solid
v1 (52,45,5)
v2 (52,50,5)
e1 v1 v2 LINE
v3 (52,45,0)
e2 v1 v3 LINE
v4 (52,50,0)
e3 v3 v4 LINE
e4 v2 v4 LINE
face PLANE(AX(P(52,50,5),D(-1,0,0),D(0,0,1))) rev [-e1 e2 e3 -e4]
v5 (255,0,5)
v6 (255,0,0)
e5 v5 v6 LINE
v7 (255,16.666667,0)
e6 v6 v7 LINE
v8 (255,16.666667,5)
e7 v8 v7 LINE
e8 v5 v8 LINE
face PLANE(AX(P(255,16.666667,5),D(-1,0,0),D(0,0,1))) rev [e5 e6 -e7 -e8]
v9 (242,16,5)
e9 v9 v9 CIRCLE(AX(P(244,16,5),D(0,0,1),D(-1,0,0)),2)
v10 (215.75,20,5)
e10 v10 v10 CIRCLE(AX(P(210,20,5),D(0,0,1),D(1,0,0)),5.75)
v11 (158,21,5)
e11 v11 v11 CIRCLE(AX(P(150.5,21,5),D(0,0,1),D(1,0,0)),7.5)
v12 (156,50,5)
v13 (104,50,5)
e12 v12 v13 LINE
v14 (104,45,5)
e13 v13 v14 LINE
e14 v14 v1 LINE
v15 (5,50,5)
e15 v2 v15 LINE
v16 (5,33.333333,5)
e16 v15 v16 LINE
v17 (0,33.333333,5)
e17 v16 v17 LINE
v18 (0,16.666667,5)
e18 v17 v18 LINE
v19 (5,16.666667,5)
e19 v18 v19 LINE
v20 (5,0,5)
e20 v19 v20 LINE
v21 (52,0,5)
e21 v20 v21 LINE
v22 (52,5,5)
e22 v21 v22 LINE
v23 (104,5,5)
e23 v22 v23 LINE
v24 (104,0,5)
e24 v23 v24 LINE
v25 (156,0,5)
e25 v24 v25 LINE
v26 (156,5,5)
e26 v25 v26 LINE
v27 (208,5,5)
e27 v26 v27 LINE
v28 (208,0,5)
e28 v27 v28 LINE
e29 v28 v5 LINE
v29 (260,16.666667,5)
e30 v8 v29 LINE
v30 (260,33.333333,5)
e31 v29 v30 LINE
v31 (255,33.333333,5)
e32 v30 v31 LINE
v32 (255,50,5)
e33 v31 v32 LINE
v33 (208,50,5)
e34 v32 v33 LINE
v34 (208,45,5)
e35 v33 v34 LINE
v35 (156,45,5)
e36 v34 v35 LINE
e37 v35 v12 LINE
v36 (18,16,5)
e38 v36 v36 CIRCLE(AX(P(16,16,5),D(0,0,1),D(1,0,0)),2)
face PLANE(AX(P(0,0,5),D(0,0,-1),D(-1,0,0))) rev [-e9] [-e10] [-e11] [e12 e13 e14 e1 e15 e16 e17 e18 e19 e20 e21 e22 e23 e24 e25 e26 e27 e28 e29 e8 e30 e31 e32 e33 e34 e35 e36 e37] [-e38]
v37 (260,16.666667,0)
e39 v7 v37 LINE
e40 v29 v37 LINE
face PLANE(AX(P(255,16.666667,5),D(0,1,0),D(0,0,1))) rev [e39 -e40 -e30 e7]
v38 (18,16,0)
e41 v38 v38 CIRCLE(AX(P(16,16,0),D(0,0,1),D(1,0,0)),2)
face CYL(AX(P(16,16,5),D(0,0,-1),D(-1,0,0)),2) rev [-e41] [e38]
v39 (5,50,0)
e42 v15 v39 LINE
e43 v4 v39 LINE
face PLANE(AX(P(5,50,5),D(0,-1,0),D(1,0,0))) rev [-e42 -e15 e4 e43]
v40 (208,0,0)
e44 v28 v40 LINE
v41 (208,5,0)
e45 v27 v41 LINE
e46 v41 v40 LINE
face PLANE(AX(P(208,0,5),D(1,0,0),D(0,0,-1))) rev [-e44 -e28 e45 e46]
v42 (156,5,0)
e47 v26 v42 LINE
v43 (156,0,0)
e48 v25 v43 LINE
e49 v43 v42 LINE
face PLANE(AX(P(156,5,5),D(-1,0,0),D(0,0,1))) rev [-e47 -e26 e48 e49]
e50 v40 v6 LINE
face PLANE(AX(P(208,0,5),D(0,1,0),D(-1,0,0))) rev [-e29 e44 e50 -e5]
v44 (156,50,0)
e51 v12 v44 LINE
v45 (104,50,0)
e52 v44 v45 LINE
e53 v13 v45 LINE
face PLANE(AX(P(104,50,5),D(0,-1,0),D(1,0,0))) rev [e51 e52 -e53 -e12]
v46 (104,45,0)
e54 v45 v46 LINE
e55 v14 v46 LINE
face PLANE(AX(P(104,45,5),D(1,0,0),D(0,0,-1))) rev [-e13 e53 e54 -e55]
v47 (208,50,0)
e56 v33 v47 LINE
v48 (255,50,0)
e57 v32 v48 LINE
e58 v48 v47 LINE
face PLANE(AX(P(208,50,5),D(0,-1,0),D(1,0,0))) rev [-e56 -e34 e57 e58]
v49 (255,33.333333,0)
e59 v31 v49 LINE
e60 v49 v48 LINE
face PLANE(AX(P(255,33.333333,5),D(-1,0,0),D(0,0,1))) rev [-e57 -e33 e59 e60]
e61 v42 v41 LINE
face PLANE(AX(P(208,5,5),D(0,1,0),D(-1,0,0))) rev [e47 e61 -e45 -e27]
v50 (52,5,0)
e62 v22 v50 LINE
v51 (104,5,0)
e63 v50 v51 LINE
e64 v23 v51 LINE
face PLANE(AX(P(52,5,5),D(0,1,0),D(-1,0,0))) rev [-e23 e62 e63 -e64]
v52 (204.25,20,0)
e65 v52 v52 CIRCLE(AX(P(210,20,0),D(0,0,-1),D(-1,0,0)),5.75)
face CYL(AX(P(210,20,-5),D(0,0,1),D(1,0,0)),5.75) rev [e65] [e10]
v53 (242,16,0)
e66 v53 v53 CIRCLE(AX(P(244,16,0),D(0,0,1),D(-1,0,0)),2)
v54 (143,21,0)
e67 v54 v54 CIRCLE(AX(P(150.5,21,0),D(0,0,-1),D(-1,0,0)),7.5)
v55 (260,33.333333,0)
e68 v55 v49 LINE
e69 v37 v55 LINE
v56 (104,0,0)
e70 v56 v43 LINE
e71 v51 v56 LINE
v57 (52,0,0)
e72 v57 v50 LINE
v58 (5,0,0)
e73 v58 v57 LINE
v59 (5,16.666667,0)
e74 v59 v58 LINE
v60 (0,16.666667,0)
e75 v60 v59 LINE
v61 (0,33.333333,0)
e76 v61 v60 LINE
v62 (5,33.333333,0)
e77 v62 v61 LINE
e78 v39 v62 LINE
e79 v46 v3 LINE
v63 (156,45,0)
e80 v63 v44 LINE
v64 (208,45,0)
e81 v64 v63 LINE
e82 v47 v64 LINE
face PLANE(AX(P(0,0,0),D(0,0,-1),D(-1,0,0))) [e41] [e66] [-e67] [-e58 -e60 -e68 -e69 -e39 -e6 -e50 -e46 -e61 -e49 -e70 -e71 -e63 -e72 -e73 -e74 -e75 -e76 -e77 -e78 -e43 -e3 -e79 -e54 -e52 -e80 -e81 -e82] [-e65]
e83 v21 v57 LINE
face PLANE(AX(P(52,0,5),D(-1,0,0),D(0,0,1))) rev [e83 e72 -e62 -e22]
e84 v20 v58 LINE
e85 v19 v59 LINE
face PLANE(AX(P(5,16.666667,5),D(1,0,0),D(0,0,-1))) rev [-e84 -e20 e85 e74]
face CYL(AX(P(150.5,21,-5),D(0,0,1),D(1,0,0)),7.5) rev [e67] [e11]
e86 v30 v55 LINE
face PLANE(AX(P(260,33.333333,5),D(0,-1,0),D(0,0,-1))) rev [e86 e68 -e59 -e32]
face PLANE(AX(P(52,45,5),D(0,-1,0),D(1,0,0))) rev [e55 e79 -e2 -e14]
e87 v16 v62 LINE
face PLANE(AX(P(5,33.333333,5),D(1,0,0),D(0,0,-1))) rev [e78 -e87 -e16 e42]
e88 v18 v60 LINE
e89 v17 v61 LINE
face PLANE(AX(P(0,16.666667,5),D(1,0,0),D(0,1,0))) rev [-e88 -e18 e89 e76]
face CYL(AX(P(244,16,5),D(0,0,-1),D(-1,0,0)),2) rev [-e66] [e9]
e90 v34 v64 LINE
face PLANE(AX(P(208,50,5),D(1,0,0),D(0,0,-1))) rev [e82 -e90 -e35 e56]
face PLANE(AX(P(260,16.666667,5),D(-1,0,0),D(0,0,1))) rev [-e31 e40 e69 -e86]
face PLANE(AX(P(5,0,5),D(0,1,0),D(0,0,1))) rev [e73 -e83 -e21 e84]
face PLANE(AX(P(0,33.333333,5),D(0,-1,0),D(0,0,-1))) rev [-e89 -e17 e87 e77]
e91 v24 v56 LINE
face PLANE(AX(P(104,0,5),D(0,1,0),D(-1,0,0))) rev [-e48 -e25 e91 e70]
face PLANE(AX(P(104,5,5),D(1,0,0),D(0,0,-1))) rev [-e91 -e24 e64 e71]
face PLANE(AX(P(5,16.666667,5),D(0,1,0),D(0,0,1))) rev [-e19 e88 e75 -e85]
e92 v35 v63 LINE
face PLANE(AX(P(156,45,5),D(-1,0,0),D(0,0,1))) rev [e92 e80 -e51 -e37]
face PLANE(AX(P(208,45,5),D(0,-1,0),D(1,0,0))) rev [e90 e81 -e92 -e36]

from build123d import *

# Parameters (mm, degrees)
CROQUIS1_R              = 2
SALIENTE_EXTRUIR1_DEPTH = 5
CROQUIS2_R              = 5.75
CROQUIS2_R_2            = 7.5
CORTAR_EXTRUIR1_DEPTH   = 10


with BuildPart() as part:
    # Croquis1 → Saliente-Extruir1 (new body)
    with BuildSketch(Plane.XY):
        Polygon((0, 33.333333333), (5, 33.333333333), (5, 50), (52, 50), (52, 45), (104, 45), (104, 50), (156, 50), (156, 45), (208, 45), (208, 50), (255, 50), (255, 33.333333333), (260, 33.333333333), (260, 16.666666667), (255, 16.666666667), (255, 0), (208, 0), (208, 5), (156, 5), (156, 0), (104, 0), (104, 5), (52, 5), (52, 0), (5, 0), (5, 16.666666667), (0, 16.666666667), align=None)
        with Locations((16, 16)):
            Circle(CROQUIS1_R, mode=Mode.SUBTRACT)
        with Locations(Location((244, 16, 0), (0, 0, 180))):
            Circle(CROQUIS1_R, mode=Mode.SUBTRACT)
    extrude(amount=SALIENTE_EXTRUIR1_DEPTH)

    # Croquis2 → Cortar-Extruir1 (cut)
    with BuildSketch(Plane.XY.offset(5)):
        with Locations((210, 20)):
            Circle(CROQUIS2_R)
        with Locations((150.5, 21)):
            Circle(CROQUIS2_R_2)
    extrude(amount=-CORTAR_EXTRUIR1_DEPTH, mode=Mode.SUBTRACT)


solid = part.part
